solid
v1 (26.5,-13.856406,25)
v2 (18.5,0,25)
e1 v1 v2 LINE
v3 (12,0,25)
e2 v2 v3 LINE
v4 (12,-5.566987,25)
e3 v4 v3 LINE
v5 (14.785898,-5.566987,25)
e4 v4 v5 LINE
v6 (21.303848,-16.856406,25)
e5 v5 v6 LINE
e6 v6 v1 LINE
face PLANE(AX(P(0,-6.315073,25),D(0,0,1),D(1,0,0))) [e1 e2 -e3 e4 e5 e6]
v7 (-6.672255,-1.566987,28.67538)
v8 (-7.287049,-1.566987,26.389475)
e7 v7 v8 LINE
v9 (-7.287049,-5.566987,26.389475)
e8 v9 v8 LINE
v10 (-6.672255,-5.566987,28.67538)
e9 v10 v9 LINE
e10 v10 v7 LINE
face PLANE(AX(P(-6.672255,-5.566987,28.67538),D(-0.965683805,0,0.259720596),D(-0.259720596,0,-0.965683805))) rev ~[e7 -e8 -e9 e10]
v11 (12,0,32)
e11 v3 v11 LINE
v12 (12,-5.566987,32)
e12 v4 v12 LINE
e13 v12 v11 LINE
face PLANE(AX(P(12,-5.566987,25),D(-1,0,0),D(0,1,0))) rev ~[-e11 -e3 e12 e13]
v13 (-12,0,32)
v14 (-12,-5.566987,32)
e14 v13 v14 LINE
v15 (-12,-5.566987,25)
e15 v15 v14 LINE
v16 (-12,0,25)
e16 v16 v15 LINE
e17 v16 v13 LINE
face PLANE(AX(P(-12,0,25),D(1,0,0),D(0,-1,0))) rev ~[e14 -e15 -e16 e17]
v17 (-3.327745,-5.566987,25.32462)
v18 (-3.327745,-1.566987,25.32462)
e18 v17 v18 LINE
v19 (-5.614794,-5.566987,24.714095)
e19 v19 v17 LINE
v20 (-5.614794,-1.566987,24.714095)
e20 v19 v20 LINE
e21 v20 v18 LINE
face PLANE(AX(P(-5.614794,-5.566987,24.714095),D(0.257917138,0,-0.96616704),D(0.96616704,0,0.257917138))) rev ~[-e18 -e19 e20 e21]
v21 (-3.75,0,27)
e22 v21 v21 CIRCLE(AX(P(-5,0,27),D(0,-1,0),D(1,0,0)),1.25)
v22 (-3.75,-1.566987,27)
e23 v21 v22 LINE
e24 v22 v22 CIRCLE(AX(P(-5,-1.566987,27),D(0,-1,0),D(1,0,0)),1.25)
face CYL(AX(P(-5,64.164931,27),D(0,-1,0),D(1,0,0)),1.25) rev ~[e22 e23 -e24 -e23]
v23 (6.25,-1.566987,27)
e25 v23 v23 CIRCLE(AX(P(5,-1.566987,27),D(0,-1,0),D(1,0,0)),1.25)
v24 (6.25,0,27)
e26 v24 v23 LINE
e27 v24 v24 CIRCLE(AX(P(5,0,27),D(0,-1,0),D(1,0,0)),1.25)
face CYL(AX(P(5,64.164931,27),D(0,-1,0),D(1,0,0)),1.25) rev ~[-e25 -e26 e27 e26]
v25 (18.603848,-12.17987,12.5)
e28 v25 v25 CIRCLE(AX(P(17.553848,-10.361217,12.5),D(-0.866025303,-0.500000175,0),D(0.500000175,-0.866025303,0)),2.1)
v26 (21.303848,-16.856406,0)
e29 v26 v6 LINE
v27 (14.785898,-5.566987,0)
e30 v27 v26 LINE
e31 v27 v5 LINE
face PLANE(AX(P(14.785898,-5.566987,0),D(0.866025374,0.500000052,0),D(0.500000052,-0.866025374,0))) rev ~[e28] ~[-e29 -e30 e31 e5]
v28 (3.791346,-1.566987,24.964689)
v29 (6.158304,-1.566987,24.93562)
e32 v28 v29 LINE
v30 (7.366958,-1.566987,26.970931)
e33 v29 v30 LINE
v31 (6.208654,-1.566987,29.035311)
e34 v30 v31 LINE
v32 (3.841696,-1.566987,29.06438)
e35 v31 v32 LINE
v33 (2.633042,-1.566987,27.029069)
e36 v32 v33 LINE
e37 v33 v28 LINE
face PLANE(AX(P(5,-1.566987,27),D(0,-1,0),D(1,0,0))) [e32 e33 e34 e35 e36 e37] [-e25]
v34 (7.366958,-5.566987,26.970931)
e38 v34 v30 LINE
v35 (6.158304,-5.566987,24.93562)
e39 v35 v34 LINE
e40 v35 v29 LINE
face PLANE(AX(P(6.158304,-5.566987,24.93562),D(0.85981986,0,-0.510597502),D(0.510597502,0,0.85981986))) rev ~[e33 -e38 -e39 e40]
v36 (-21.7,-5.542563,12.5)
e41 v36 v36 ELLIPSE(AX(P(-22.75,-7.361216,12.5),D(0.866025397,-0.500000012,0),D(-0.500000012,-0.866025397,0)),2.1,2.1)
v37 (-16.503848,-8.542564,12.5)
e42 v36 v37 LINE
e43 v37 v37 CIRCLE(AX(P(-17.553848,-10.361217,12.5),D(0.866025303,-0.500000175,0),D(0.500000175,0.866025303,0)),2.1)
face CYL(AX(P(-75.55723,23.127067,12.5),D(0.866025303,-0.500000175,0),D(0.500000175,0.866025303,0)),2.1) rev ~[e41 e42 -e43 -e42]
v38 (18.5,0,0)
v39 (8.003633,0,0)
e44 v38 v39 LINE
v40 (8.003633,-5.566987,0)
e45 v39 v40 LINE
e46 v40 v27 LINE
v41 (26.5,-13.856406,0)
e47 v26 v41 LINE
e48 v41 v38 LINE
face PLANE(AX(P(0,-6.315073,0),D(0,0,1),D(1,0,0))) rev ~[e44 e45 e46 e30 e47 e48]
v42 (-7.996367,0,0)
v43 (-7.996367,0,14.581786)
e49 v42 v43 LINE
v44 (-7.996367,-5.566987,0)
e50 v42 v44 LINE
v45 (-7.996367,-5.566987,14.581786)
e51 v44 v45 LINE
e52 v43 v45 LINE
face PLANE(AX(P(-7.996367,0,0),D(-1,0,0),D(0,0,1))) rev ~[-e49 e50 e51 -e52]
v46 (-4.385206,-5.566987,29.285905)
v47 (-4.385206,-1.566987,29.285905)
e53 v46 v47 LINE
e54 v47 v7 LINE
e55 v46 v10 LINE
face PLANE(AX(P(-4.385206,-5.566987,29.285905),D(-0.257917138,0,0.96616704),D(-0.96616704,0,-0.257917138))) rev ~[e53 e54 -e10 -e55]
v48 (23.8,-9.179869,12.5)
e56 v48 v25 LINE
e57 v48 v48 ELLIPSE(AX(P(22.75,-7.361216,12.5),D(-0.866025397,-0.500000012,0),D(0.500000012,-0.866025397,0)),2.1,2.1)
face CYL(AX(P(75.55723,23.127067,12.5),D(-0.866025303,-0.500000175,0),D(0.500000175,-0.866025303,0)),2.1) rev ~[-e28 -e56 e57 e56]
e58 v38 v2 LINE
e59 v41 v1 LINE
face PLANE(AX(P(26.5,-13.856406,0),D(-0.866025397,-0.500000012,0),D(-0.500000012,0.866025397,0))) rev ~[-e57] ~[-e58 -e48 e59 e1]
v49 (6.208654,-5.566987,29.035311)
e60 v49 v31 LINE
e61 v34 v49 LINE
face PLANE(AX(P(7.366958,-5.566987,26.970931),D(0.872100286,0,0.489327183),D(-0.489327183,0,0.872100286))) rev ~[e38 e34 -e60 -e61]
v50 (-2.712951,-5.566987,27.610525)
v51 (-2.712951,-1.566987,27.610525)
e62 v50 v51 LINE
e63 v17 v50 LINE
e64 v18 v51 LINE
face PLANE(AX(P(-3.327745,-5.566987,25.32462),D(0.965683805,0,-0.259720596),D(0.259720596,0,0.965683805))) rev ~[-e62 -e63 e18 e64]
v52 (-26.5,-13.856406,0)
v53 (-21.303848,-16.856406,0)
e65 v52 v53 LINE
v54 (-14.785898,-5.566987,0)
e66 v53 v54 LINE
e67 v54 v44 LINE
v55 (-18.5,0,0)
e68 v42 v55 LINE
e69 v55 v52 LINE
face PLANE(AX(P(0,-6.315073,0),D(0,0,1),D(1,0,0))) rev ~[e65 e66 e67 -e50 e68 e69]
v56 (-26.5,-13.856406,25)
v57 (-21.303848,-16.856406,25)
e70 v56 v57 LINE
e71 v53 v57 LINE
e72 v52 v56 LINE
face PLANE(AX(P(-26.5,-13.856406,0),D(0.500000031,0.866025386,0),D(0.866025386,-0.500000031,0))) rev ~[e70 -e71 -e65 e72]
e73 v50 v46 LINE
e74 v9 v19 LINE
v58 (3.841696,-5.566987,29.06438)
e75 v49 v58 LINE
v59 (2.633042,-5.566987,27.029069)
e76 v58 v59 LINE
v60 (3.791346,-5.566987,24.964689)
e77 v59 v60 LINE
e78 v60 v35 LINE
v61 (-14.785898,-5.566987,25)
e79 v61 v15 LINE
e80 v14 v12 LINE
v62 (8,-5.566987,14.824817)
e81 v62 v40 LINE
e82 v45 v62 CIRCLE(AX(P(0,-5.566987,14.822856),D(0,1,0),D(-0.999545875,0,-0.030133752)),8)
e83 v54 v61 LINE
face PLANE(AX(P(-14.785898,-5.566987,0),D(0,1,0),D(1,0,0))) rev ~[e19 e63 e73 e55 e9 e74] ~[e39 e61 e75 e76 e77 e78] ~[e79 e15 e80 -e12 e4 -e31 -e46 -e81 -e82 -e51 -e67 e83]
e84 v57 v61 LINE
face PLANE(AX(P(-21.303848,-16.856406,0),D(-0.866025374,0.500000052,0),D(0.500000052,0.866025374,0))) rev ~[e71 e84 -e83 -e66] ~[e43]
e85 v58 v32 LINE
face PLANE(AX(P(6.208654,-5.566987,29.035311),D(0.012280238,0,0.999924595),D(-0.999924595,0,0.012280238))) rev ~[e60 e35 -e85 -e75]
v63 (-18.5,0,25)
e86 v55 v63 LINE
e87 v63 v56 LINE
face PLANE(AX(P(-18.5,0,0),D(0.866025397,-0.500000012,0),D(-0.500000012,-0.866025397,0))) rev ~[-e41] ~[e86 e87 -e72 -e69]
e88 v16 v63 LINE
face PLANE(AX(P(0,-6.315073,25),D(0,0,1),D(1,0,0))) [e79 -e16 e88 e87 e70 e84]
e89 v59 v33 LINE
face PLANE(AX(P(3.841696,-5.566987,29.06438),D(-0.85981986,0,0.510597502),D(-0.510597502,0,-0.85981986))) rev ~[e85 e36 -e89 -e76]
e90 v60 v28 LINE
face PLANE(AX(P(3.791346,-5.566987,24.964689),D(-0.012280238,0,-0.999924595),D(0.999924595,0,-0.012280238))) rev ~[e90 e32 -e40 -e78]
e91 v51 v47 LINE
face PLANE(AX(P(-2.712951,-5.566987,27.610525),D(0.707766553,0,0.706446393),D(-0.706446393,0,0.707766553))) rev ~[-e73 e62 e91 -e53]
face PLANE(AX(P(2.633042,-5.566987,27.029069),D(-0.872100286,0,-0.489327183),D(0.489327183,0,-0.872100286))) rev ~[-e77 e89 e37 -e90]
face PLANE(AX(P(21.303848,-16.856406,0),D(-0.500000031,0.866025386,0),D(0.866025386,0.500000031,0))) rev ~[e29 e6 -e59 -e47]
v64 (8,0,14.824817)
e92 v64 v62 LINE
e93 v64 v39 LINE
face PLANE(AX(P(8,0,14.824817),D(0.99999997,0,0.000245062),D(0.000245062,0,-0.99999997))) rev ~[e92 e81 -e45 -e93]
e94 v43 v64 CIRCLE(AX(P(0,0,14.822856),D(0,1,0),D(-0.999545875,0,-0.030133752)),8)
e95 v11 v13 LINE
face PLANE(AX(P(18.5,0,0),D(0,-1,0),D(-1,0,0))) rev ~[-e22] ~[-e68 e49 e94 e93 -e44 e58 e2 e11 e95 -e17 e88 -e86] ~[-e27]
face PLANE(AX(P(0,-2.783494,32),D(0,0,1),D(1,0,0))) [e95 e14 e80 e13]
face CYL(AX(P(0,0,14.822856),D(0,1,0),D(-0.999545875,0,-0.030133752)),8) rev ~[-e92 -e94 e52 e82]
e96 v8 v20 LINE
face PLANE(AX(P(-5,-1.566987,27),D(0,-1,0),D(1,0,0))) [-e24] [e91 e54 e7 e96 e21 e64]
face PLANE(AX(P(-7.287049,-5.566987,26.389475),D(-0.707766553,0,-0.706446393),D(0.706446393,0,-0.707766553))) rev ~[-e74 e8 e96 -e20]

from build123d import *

# Parameters (mm, degrees)
F1_DEPTH  = 25
F3_D      = 4.2
F5_D      = 4.2
F7_DEPTH  = 7
F9_DEPTH  = 25
F11_D     = 2.5
F13_DEPTH = 4


with BuildPart() as f1:
    # F0 (on Top) → F1 (new body)
    with BuildSketch(Plane.XY):
        Polygon((18.5, 0), (0, 0), (-18.5, 0), (-26.5, -13.856406), (-21.303848, -16.856406), (-14.785898, -5.566987), (0, -5.566987), (14.785898, -5.566987), (21.303848, -16.856406), (26.5, -13.856406), align=None)
    extrude(amount=F1_DEPTH)

    # F3 (through all)
    with Locations(Plane(origin=(-13.875, 8.010735, 0), x_dir=(-0.5, -0.866025, 0), z_dir=(-0.866025, 0.5, 0))):
        with Locations((17.75, 12.5)):
            Hole(F3_D / 2)

    # F5 (through all)
    with Locations(Plane(origin=(13.875, 8.010735, 0), x_dir=(-0.5, 0.866025, 0), z_dir=(0.866025, 0.5, 0))):
        with Locations((-17.75, 12.5)):
            Hole(F5_D / 2)

    # F6 (on face) → F7 (join)
    with BuildSketch(Plane.XY.offset(25)):
        Polygon((12, 0), (0, 0), (-12, 0), (-12, -5.566987), (12, -5.566987), align=None)
    extrude(amount=F7_DEPTH)

    # F8 (on face) → F9 (cut)
    with BuildSketch(Plane(origin=(0, 0, 0), x_dir=(-1, 0, 0), z_dir=(0, 1, 0))):
        with BuildLine():
            Line((7.996367, 0), (7.996367, 14.581786))
            ThreePointArc((7.996367, 14.581786), (0.121529, 22.821933), (-8, 14.824817))
            Line((-8, 14.824817), (-8.003633, 0))
            Line((-8.003633, 0), (7.996367, 0))
        make_face()
    extrude(amount=-F9_DEPTH, mode=Mode.SUBTRACT)

    # F11 (through all)
    with Locations(Plane(origin=(0, 0, 0), x_dir=(-1, 0, 0), z_dir=(0, 1, 0))):
        with Locations((5, 27), (-5, 27)):
            Hole(F11_D / 2)

    # F12 (on face) → F13 (cut)
    with BuildSketch(Plane.XZ.offset(5.566987)):
        Polygon((-5.614794, 24.714095), (-3.327745, 25.32462), (-2.712951, 27.610525), (-4.385206, 29.285905), (-6.672255, 28.67538), (-7.287049, 26.389475), align=None)
        Polygon((6.158304, 24.93562), (7.366958, 26.970931), (6.208654, 29.035311), (3.841696, 29.06438), (2.633042, 27.029069), (3.791346, 24.964689), align=None)
    extrude(amount=-F13_DEPTH, mode=Mode.SUBTRACT)


solid = f1.part
